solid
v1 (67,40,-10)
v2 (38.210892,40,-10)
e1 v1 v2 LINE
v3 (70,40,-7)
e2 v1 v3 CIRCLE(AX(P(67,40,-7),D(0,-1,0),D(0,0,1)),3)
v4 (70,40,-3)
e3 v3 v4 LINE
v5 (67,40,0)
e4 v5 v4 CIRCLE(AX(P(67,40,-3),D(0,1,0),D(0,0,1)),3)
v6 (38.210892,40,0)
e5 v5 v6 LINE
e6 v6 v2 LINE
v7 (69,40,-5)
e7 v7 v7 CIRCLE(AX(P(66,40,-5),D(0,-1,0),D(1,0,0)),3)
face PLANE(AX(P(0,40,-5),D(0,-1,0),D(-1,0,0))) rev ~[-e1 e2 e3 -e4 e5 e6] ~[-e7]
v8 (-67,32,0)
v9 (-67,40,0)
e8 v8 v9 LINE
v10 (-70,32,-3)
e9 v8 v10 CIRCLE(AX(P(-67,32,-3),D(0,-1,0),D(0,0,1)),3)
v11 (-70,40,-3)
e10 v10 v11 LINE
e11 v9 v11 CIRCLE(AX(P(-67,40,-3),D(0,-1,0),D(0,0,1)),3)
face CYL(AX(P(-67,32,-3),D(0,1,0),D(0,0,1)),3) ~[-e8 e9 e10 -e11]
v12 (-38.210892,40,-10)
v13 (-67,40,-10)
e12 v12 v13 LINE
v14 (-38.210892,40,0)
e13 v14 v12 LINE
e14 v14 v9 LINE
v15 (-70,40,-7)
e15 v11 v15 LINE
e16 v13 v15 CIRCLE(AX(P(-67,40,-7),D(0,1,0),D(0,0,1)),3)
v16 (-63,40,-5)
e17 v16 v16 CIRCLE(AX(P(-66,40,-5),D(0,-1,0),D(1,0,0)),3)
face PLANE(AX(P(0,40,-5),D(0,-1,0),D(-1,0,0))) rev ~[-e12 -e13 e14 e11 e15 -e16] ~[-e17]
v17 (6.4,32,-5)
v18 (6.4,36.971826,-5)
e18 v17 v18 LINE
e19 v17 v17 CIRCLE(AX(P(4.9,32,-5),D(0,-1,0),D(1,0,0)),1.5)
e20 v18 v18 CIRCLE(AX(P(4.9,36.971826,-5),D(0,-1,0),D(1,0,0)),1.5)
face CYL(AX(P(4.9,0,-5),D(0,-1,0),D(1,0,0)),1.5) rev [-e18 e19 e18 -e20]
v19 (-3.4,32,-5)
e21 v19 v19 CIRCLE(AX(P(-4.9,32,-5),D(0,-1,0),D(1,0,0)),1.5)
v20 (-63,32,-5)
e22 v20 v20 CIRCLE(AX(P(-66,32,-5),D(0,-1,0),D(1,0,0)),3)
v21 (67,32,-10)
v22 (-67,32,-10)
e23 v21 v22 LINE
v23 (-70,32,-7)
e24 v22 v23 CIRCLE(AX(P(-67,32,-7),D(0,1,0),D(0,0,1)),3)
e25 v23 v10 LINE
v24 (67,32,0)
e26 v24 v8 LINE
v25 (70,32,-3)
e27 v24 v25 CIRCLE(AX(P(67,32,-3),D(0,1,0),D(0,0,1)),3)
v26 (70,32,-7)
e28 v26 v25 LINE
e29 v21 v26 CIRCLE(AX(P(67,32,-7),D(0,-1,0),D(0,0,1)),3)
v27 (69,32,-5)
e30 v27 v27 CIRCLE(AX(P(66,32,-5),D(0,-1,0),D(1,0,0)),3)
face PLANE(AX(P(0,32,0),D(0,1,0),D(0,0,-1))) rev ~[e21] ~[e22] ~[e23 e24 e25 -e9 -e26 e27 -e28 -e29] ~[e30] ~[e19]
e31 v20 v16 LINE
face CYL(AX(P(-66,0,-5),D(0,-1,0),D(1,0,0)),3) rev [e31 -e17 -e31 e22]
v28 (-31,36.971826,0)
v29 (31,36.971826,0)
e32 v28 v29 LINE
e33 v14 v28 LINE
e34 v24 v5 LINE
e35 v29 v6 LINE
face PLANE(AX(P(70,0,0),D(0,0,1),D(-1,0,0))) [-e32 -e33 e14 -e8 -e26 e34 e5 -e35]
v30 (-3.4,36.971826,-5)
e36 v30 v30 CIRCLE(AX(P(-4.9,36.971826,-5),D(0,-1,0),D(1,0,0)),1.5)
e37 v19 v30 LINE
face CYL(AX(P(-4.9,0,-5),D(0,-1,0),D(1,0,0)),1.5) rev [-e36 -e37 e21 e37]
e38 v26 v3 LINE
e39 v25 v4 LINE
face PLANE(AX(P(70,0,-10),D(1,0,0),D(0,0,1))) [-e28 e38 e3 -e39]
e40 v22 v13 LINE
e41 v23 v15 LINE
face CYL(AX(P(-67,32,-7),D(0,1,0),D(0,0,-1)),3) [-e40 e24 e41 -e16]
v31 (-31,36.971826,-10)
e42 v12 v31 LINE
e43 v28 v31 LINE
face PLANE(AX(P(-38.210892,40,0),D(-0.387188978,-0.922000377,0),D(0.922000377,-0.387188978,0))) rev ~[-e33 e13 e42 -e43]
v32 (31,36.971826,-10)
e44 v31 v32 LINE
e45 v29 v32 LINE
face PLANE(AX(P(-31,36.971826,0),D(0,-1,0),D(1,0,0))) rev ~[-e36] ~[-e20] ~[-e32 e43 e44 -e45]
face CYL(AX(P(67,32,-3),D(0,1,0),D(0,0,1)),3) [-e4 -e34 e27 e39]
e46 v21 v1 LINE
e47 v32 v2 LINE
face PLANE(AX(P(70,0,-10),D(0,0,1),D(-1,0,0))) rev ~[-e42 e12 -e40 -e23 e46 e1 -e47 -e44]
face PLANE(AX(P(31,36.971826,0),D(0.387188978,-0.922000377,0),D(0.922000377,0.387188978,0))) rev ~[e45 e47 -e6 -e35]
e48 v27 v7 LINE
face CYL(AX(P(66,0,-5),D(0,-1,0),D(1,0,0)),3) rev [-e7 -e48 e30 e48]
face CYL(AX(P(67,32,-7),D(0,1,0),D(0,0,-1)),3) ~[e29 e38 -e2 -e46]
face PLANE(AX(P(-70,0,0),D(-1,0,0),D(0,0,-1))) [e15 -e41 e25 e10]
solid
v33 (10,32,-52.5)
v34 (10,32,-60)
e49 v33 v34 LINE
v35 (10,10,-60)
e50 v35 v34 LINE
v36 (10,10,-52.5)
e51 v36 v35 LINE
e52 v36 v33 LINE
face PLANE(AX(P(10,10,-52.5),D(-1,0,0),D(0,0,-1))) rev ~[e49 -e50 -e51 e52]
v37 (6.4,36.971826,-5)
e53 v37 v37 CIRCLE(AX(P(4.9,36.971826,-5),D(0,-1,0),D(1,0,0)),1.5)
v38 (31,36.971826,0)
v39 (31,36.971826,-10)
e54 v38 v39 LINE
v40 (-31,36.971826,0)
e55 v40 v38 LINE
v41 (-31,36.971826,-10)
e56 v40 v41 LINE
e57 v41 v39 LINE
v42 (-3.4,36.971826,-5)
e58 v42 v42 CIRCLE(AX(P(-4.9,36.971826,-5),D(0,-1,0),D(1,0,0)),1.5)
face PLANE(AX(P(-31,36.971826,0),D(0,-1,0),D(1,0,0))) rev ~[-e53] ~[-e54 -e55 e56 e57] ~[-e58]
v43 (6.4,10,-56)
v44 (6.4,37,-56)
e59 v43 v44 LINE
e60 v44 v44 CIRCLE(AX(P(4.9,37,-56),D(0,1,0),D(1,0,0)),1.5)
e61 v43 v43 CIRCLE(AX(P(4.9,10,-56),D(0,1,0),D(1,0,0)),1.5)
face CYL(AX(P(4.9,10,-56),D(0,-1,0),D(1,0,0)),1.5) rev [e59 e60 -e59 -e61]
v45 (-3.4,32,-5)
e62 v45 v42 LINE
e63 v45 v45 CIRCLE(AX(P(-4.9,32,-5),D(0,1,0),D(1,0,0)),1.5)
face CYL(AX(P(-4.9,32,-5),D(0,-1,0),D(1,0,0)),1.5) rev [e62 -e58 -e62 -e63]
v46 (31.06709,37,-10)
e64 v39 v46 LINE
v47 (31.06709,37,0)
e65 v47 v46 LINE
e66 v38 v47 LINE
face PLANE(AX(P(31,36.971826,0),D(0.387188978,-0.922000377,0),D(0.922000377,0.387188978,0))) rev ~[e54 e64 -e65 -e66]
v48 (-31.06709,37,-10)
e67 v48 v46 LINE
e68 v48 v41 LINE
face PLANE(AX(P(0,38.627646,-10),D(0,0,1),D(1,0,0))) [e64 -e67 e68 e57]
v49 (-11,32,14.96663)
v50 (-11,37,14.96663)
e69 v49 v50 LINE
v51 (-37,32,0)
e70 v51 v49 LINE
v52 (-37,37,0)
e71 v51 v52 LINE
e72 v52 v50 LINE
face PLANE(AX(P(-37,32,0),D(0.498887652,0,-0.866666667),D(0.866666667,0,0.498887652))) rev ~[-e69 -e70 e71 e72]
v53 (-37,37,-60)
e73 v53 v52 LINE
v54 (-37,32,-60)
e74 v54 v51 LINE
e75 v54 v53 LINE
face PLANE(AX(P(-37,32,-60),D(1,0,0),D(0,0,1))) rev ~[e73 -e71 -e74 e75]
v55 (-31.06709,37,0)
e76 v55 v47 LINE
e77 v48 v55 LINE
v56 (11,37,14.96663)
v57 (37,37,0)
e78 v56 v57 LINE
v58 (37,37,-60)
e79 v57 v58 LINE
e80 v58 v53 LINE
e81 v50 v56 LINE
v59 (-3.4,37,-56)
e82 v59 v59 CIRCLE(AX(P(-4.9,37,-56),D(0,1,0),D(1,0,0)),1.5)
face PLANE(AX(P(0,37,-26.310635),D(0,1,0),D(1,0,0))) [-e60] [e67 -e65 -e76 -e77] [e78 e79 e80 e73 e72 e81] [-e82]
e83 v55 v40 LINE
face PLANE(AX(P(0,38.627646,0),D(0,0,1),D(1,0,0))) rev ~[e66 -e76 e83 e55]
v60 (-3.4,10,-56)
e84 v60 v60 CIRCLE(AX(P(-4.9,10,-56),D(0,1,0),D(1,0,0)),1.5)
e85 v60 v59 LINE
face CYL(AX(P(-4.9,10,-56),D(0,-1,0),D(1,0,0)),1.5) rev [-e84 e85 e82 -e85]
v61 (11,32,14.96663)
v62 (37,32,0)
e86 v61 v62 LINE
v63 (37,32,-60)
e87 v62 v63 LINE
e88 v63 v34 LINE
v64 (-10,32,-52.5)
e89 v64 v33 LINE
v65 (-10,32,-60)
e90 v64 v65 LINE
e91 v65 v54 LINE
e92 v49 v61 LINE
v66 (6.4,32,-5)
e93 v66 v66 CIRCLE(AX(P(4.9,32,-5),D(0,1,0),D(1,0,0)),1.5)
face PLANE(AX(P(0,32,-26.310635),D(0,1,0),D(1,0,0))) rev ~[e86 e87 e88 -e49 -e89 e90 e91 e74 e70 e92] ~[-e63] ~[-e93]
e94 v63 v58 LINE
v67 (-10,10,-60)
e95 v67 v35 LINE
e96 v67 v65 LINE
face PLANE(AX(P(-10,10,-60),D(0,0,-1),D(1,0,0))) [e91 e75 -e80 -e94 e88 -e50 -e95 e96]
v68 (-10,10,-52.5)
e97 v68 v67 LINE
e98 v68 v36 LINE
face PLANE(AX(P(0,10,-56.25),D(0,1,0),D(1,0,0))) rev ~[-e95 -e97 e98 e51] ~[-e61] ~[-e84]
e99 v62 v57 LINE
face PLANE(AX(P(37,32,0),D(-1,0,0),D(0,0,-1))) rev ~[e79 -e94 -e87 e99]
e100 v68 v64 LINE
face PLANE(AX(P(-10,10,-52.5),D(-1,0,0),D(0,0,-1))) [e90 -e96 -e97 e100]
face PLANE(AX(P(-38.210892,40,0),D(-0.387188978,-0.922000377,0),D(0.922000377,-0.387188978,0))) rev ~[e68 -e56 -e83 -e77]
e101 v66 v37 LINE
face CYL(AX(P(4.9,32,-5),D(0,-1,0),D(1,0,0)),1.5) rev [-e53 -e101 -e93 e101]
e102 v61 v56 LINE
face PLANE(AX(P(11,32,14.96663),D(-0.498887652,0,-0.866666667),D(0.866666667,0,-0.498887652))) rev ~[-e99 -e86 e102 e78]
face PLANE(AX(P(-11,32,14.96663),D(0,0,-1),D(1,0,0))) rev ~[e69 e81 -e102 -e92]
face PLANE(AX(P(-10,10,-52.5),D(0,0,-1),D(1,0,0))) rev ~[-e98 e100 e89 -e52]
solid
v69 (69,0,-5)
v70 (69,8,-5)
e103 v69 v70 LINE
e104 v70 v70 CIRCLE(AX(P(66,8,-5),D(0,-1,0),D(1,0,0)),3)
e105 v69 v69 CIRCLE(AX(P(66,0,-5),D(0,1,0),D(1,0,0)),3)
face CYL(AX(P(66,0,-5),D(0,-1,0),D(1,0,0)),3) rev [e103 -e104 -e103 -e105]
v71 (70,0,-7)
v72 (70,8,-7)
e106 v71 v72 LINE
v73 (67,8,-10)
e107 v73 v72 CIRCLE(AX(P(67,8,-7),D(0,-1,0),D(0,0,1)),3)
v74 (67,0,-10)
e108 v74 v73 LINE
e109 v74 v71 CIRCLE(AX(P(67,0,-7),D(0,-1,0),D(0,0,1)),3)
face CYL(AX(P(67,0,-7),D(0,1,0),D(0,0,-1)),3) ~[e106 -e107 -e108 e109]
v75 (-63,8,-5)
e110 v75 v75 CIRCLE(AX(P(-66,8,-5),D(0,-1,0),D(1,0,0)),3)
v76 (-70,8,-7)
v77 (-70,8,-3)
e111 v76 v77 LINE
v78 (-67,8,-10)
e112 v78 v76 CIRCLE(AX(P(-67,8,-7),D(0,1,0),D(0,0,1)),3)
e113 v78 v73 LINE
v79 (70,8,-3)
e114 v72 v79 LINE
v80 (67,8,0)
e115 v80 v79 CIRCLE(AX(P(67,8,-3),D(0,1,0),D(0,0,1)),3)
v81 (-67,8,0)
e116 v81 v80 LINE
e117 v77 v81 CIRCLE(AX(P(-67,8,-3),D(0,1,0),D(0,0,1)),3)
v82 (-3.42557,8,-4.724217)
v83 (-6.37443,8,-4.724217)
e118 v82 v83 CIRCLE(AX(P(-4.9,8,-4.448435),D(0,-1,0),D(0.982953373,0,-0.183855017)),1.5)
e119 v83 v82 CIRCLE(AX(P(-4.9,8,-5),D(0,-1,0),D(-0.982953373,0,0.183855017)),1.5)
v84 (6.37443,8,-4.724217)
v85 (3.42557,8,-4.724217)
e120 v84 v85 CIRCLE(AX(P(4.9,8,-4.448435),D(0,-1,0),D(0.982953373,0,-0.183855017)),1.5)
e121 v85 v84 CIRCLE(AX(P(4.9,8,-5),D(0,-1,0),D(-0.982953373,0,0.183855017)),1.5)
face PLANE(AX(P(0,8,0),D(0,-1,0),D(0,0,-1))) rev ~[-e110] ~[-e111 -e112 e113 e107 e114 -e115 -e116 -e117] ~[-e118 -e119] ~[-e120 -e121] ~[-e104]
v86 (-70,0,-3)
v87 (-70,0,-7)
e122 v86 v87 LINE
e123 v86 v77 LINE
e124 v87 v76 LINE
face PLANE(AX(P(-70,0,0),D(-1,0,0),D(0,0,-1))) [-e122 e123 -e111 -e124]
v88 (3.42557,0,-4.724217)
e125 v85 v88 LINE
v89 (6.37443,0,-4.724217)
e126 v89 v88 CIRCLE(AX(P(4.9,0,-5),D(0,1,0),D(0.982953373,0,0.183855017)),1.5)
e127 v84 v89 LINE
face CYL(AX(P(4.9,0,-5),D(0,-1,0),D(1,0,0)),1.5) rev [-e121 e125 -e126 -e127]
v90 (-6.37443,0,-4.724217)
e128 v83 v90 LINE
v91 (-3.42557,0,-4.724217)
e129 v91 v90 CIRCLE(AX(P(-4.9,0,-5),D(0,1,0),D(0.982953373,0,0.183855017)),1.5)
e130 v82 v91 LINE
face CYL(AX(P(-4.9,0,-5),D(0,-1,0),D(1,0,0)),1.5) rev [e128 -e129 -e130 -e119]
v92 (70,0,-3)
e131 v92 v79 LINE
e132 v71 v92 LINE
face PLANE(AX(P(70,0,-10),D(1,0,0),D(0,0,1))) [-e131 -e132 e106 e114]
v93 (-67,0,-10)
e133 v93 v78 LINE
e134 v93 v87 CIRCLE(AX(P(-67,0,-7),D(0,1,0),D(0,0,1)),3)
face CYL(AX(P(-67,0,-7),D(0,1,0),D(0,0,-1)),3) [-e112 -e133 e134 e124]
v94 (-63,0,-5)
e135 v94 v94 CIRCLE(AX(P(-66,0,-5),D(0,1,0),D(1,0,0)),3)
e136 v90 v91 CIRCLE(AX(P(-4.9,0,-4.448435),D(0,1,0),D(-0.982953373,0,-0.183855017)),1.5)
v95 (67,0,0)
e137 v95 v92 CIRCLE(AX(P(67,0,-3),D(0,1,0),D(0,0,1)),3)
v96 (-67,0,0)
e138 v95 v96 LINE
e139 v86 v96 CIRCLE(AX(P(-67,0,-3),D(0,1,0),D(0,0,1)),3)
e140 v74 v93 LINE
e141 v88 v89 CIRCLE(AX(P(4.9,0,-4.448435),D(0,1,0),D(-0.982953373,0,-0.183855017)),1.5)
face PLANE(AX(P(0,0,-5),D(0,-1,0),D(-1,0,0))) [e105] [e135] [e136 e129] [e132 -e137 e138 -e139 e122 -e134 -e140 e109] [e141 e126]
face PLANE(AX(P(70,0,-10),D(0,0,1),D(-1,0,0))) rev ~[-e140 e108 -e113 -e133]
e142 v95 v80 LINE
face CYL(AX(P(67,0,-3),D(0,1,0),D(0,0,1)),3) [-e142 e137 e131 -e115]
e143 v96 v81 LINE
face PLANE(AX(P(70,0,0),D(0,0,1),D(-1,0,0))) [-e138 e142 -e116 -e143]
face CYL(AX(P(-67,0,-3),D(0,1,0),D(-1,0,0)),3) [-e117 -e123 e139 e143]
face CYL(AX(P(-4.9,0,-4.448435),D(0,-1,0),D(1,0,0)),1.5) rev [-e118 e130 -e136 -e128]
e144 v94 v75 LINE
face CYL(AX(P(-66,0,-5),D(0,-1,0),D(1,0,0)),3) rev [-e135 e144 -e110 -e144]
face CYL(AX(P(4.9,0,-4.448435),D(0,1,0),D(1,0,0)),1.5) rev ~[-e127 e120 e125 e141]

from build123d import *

# Parameters (mm, degrees)
SKETCH1_R               = 1.5
BOSS_EXTRUDE1_DEPTH     = 40
SKETCH3_W               = 10
SKETCH3_H               = 24
CUT_EXTRUDE1_DEPTH      = 71
CUT_EXTRUDE1_DEPTH_BACK = 71
FILLET2_R               = 3
FILLET3_R               = 3
BOSS_EXTRUDE4_START     = 32
SKETCH7_R               = 1.5
BOSS_EXTRUDE4_DEPTH     = 5
BOSS_EXTRUDE5_START     = 10
SKETCH7_5_W             = 20
SKETCH7_5_H             = 7.5
SKETCH7_5_R             = 1.5
BOSS_EXTRUDE5_DEPTH     = 22
SKETCH5_R               = 1.5
CUT_EXTRUDE4_DEPTH      = 11
SKETCH4_R               = 3
CUT_EXTRUDE2_DEPTH      = 41
CUT_EXTRUDE2_DEPTH_BACK = 1
CUT_EXTRUDE6_DEPTH      = 10


with BuildPart() as part:
    # Sketch1 → Boss-Extrude1 (new body)
    with BuildSketch(Plane(origin=(0, 0, 0), x_dir=(1, 0, 0), z_dir=(0, 1, 0))):
        Polygon((-70, 10), (-15, 10), (-11, 10), (11, 10), (15, 10), (70, 10), (70, 0), (-70, 0), align=None)
        with Locations((-4.9, 5)):
            Circle(SKETCH1_R, mode=Mode.SUBTRACT)
        with Locations((4.9, 5)):
            Circle(SKETCH1_R, mode=Mode.SUBTRACT)
    extrude(amount=BOSS_EXTRUDE1_DEPTH)

    # Sketch3 → Cut-Extrude1 (cut, two sides)
    with BuildSketch(Plane(origin=(0, 0, 0), x_dir=(0, 0, -1), z_dir=(1, 0, 0))) as cut_extrude1_sk:
        with Locations((5, 20)):
            Rectangle(SKETCH3_W, SKETCH3_H)
    extrude(amount=CUT_EXTRUDE1_DEPTH, mode=Mode.SUBTRACT)
    extrude(cut_extrude1_sk.sketch, amount=-CUT_EXTRUDE1_DEPTH_BACK, mode=Mode.SUBTRACT)

    # Fillet2
    fillet2_edges = [part.edges().sort_by_distance(p)[0] for p in [
        (70, 36, -10),
        (-70, 36, -10),
        (-70, 36, 0),
        (70, 36, 0),
    ]]
    fillet(fillet2_edges, radius=FILLET2_R)

    # Fillet3
    fillet3_edges = [part.edges().sort_by_distance(p)[0] for p in [
        (70, 4, -10),
        (70, 4, 0),
        (-70, 4, 0),
        (-70, 4, -10),
    ]]
    fillet(fillet3_edges, radius=FILLET3_R)

    # Sketch5 → Cut-Extrude4 (cut, symmetric)
    with BuildSketch(Plane(origin=(0, 0, 0), x_dir=(1, 0, 0), z_dir=(0, 1, 0))):
        with Locations((-4.9, 4.44843495)):
            Circle(SKETCH5_R)
        with Locations((4.9, 4.44843495)):
            Circle(SKETCH5_R)
    extrude(amount=CUT_EXTRUDE4_DEPTH, both=True, mode=Mode.SUBTRACT)

    # Sketch4 → Cut-Extrude2 (cut, two sides)
    with BuildSketch(Plane(origin=(0, 0, 0), x_dir=(1, 0, 0), z_dir=(0, 1, 0))) as cut_extrude2_sk:
        with Locations((-66, 5)):
            Circle(SKETCH4_R)
        with Locations((66, 5)):
            Circle(SKETCH4_R)
    extrude(amount=CUT_EXTRUDE2_DEPTH, mode=Mode.SUBTRACT)
    extrude(cut_extrude2_sk.sketch, amount=-CUT_EXTRUDE2_DEPTH_BACK, mode=Mode.SUBTRACT)


with BuildPart() as body_2:
    # Sketch7 → Boss-Extrude4 (new body)
    with BuildSketch(Plane(origin=(0, 0, 0), x_dir=(1, 0, 0), z_dir=(0, 1, 0)).offset(BOSS_EXTRUDE4_START)):
        Polygon((-37, 0), (-11, -14.966629547), (11, -14.966629547), (37, 0), (37, 60), (-37, 60), align=None)
        with Locations((-4.9, 56)):
            Circle(SKETCH7_R, mode=Mode.SUBTRACT)
        with Locations((4.9, 56)):
            Circle(SKETCH7_R, mode=Mode.SUBTRACT)
        with Locations((-4.9, 5)):
            Circle(SKETCH7_R, mode=Mode.SUBTRACT)
        with Locations((4.9, 5)):
            Circle(SKETCH7_R, mode=Mode.SUBTRACT)
    extrude(amount=BOSS_EXTRUDE4_DEPTH)

    # Sketch7<5> → Boss-Extrude5 (add)
    with BuildSketch(Plane(origin=(0, 0, 0), x_dir=(1, 0, 0), z_dir=(0, 1, 0)).offset(BOSS_EXTRUDE5_START)):
        with Locations((0, 56.25)):
            Rectangle(SKETCH7_5_W, SKETCH7_5_H)
        with Locations((4.9, 56)):
            Circle(SKETCH7_5_R, mode=Mode.SUBTRACT)
        with Locations((-4.9, 56)):
            Circle(SKETCH7_5_R, mode=Mode.SUBTRACT)
    extrude(amount=BOSS_EXTRUDE5_DEPTH)


with BuildPart() as cut_extrude6_tool:
    # Sketch9 → Cut-Extrude6 (new body)
    with BuildSketch(Plane.XY):
        Polygon((-38.210891508, 40), (-31, 36.971825845), (31, 36.971825845), (38.210891508, 40), align=None)
    extrude(amount=-CUT_EXTRUDE6_DEPTH)


with BuildPart() as part_1:
    add(part.part)

    # Cut-Extrude6: cut by cut_extrude6_tool
    add(cut_extrude6_tool.part, mode=Mode.SUBTRACT)


with BuildPart() as body_2_1:
    add(body_2.part)

    # Cut-Extrude6: cut by cut_extrude6_tool
    add(cut_extrude6_tool.part, mode=Mode.SUBTRACT)


solid = Compound([part_1.part, body_2_1.part])
